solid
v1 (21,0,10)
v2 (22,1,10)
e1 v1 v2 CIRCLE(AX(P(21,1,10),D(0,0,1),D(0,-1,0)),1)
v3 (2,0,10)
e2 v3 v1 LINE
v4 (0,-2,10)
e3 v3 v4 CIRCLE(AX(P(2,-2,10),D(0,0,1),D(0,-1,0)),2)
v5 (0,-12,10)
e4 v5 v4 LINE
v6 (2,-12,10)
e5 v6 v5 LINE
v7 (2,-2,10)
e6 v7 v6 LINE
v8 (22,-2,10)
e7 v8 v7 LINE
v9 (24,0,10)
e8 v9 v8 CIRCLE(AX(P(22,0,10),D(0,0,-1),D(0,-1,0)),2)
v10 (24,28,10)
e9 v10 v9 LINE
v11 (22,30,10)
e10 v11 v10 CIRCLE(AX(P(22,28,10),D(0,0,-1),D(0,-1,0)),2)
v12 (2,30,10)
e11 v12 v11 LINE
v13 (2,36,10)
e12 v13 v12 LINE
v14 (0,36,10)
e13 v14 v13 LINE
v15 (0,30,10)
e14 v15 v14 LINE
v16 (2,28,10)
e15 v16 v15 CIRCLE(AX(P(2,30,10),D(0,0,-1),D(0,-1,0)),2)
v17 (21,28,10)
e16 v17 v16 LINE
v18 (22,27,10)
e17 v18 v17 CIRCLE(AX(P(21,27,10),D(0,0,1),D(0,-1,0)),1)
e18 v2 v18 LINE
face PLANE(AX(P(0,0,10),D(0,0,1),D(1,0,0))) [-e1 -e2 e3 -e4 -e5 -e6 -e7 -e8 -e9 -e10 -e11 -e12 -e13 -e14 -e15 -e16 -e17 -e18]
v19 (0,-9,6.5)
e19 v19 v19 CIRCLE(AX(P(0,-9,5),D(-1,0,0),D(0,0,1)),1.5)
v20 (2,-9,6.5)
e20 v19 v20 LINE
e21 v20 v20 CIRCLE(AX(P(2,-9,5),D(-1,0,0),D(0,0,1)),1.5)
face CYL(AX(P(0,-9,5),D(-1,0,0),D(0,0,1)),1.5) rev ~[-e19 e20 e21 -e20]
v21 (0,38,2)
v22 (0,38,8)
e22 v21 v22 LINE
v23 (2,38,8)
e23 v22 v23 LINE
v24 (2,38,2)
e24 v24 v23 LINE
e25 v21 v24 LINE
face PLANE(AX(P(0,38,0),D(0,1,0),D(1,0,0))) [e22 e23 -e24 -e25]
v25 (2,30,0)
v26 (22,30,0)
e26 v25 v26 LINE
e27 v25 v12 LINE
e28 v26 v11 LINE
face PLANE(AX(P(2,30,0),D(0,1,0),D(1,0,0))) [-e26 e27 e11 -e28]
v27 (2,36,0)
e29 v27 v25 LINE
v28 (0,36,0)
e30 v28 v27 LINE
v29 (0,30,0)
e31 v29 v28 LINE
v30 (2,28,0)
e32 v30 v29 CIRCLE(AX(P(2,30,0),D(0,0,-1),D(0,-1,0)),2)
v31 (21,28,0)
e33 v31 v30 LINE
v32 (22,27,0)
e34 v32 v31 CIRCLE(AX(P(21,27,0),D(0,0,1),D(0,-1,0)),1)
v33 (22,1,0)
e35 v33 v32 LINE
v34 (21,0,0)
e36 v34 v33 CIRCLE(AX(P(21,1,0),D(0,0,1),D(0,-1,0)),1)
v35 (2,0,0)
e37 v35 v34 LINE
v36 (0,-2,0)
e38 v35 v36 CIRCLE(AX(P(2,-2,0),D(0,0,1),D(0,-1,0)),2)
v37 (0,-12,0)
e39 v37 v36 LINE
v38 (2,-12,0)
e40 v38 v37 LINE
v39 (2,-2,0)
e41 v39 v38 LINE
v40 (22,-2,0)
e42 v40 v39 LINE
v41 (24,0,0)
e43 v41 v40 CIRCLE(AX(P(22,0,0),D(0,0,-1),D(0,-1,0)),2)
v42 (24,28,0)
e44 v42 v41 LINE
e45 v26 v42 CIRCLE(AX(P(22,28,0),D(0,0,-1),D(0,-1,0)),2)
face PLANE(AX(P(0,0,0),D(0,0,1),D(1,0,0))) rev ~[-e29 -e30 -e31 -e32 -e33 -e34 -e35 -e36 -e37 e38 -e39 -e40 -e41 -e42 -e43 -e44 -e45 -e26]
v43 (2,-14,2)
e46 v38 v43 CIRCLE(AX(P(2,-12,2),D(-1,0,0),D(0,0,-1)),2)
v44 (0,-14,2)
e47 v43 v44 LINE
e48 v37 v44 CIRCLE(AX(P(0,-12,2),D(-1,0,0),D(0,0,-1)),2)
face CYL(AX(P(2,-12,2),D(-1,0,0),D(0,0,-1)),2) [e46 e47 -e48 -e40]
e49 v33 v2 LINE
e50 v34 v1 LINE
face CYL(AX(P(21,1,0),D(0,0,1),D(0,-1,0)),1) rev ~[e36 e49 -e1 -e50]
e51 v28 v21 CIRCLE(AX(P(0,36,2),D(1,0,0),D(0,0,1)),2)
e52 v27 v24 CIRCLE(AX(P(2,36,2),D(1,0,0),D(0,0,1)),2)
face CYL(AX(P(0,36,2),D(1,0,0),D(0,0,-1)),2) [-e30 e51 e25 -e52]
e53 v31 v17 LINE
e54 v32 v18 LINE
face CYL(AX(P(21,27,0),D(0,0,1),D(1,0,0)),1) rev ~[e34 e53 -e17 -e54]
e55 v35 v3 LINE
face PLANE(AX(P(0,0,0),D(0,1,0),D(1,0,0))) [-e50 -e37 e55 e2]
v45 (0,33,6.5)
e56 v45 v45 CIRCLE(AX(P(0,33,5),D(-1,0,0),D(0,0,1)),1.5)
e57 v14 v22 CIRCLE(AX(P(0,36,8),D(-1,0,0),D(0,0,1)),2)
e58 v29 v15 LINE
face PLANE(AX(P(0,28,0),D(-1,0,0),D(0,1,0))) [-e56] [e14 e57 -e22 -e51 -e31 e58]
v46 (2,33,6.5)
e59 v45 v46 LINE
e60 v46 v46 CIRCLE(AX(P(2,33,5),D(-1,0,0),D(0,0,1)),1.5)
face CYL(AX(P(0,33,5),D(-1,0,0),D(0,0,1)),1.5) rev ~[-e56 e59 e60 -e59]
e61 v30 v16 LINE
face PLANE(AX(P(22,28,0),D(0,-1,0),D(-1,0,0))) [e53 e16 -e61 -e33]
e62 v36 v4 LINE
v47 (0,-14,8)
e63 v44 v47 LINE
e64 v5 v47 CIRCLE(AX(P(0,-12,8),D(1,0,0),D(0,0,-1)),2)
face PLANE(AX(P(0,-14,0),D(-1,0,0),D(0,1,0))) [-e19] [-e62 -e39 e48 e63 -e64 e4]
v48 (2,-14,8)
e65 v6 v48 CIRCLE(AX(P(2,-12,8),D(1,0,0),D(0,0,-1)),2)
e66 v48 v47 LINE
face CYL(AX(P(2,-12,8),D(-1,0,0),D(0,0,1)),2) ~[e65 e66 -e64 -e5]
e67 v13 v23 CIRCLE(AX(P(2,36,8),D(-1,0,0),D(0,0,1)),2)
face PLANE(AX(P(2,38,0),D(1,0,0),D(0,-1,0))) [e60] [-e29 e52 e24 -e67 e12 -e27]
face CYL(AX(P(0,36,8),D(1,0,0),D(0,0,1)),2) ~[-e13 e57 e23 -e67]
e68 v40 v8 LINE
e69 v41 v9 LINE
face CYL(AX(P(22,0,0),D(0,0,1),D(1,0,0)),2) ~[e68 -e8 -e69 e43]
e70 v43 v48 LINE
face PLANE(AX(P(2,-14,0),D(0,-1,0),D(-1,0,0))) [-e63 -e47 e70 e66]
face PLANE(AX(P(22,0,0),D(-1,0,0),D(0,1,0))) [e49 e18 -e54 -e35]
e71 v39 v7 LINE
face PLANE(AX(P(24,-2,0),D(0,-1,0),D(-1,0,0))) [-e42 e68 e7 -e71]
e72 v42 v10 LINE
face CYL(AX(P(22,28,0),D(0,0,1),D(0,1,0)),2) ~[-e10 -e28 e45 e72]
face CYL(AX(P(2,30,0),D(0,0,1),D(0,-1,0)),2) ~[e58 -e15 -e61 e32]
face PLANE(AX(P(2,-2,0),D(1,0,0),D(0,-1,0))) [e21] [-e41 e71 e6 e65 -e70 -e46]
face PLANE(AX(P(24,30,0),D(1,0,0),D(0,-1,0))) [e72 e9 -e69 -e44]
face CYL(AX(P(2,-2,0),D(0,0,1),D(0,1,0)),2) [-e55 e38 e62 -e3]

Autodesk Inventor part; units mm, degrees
ref_plane "YZ Plane" through (0, 0, 0) normal (1, 0, 0) x (0, 1, 0)
ref_plane "XZ Plane" through (0, 0, 0) normal (0, 1, 0) x (-1, 0, 0)
ref_plane "XY Plane" through (0, 0, 0) normal (0, 0, 1) x (1, 0, 0)
sketch "Skizze1" plane through (0, 0, 0) normal (0, 0, 1) x (1, 0, 0)
  line L0 (0, 0) -> (22, 0)
  line L1 (22, 0) -> (22, 28)
  line L2 (22, 28) -> (0, 28)
  line L3 (0, 28) -> (0, 38)
  line L4 (0, 38) -> (2, 38)
  line L5 (2, 38) -> (2, 30)
  line L6 (2, 30) -> (24, 30)
  line L7 (24, 30) -> (24, -2)
  line L8 (24, -2) -> (2, -2)
  line L9 (2, -2) -> (2, -14)
  line L10 (2, -14) -> (0, -14)
  line L11 (0, -14) -> (0, 0)
  line L12 (22, 0) -> (22, -2) construction
  line L13 (22, 28) -> (22, 30) construction
  dimension "d1" = 14
  dimension "d3" = 2
  dimension "d4" = 20
  dimension "d5" = 2
  dimension "d6" = 28
  dimension "d7" = 2
  dimension "d17" = 10
extrude "Extrusion1" add sketch "Skizze1" along normal blind 10
fillet "Rundung1" radius 2 4 edges at (0, 28, 5) (0, 0, 5) (24, 30, 5) (24, -2, 5)
fillet "Rundung2" radius 2 4 edges at (1, -14, 10) (1, -14, 0) (1, 38, 10) (1, 38, 0)
sketch "Skizze2" plane through (0, 30, 0) normal (-1, 0, 0) x (0, 0, 1)
  line L0 (2, 8) -> (8, 8) construction
  line L1 (5, 8) -> (5, -2) construction
  line L2 (0, -2) -> (10, -2) construction
  circle A0 centre (5, 3) radius 1.5
  line L3 (10, -2) -> (10, -30) construction
  line L4 (0, -2) -> (0, -30) construction
  circle A1 centre (5, -39) radius 1.5
  line L5 (0, -32) -> (10, -32) projected
  point P0 (10, -4)
  point P1 (10, -28)
  point P2 (0, -4)
  point P3 (0, -28)
  point P4 (0, 0)
  dimension "d12" = 3
  dimension "d15" = 3
  dimension "d18" = 7
extrude "Extrusion2" cut sketch "Skizze2" against normal up to next
fillet "Rundung3" radius 1 2 edges at (22, 28, 5) (22, 0, 5)
properties part number "Akkuhalterung" material "ABS-Kunststoff"
